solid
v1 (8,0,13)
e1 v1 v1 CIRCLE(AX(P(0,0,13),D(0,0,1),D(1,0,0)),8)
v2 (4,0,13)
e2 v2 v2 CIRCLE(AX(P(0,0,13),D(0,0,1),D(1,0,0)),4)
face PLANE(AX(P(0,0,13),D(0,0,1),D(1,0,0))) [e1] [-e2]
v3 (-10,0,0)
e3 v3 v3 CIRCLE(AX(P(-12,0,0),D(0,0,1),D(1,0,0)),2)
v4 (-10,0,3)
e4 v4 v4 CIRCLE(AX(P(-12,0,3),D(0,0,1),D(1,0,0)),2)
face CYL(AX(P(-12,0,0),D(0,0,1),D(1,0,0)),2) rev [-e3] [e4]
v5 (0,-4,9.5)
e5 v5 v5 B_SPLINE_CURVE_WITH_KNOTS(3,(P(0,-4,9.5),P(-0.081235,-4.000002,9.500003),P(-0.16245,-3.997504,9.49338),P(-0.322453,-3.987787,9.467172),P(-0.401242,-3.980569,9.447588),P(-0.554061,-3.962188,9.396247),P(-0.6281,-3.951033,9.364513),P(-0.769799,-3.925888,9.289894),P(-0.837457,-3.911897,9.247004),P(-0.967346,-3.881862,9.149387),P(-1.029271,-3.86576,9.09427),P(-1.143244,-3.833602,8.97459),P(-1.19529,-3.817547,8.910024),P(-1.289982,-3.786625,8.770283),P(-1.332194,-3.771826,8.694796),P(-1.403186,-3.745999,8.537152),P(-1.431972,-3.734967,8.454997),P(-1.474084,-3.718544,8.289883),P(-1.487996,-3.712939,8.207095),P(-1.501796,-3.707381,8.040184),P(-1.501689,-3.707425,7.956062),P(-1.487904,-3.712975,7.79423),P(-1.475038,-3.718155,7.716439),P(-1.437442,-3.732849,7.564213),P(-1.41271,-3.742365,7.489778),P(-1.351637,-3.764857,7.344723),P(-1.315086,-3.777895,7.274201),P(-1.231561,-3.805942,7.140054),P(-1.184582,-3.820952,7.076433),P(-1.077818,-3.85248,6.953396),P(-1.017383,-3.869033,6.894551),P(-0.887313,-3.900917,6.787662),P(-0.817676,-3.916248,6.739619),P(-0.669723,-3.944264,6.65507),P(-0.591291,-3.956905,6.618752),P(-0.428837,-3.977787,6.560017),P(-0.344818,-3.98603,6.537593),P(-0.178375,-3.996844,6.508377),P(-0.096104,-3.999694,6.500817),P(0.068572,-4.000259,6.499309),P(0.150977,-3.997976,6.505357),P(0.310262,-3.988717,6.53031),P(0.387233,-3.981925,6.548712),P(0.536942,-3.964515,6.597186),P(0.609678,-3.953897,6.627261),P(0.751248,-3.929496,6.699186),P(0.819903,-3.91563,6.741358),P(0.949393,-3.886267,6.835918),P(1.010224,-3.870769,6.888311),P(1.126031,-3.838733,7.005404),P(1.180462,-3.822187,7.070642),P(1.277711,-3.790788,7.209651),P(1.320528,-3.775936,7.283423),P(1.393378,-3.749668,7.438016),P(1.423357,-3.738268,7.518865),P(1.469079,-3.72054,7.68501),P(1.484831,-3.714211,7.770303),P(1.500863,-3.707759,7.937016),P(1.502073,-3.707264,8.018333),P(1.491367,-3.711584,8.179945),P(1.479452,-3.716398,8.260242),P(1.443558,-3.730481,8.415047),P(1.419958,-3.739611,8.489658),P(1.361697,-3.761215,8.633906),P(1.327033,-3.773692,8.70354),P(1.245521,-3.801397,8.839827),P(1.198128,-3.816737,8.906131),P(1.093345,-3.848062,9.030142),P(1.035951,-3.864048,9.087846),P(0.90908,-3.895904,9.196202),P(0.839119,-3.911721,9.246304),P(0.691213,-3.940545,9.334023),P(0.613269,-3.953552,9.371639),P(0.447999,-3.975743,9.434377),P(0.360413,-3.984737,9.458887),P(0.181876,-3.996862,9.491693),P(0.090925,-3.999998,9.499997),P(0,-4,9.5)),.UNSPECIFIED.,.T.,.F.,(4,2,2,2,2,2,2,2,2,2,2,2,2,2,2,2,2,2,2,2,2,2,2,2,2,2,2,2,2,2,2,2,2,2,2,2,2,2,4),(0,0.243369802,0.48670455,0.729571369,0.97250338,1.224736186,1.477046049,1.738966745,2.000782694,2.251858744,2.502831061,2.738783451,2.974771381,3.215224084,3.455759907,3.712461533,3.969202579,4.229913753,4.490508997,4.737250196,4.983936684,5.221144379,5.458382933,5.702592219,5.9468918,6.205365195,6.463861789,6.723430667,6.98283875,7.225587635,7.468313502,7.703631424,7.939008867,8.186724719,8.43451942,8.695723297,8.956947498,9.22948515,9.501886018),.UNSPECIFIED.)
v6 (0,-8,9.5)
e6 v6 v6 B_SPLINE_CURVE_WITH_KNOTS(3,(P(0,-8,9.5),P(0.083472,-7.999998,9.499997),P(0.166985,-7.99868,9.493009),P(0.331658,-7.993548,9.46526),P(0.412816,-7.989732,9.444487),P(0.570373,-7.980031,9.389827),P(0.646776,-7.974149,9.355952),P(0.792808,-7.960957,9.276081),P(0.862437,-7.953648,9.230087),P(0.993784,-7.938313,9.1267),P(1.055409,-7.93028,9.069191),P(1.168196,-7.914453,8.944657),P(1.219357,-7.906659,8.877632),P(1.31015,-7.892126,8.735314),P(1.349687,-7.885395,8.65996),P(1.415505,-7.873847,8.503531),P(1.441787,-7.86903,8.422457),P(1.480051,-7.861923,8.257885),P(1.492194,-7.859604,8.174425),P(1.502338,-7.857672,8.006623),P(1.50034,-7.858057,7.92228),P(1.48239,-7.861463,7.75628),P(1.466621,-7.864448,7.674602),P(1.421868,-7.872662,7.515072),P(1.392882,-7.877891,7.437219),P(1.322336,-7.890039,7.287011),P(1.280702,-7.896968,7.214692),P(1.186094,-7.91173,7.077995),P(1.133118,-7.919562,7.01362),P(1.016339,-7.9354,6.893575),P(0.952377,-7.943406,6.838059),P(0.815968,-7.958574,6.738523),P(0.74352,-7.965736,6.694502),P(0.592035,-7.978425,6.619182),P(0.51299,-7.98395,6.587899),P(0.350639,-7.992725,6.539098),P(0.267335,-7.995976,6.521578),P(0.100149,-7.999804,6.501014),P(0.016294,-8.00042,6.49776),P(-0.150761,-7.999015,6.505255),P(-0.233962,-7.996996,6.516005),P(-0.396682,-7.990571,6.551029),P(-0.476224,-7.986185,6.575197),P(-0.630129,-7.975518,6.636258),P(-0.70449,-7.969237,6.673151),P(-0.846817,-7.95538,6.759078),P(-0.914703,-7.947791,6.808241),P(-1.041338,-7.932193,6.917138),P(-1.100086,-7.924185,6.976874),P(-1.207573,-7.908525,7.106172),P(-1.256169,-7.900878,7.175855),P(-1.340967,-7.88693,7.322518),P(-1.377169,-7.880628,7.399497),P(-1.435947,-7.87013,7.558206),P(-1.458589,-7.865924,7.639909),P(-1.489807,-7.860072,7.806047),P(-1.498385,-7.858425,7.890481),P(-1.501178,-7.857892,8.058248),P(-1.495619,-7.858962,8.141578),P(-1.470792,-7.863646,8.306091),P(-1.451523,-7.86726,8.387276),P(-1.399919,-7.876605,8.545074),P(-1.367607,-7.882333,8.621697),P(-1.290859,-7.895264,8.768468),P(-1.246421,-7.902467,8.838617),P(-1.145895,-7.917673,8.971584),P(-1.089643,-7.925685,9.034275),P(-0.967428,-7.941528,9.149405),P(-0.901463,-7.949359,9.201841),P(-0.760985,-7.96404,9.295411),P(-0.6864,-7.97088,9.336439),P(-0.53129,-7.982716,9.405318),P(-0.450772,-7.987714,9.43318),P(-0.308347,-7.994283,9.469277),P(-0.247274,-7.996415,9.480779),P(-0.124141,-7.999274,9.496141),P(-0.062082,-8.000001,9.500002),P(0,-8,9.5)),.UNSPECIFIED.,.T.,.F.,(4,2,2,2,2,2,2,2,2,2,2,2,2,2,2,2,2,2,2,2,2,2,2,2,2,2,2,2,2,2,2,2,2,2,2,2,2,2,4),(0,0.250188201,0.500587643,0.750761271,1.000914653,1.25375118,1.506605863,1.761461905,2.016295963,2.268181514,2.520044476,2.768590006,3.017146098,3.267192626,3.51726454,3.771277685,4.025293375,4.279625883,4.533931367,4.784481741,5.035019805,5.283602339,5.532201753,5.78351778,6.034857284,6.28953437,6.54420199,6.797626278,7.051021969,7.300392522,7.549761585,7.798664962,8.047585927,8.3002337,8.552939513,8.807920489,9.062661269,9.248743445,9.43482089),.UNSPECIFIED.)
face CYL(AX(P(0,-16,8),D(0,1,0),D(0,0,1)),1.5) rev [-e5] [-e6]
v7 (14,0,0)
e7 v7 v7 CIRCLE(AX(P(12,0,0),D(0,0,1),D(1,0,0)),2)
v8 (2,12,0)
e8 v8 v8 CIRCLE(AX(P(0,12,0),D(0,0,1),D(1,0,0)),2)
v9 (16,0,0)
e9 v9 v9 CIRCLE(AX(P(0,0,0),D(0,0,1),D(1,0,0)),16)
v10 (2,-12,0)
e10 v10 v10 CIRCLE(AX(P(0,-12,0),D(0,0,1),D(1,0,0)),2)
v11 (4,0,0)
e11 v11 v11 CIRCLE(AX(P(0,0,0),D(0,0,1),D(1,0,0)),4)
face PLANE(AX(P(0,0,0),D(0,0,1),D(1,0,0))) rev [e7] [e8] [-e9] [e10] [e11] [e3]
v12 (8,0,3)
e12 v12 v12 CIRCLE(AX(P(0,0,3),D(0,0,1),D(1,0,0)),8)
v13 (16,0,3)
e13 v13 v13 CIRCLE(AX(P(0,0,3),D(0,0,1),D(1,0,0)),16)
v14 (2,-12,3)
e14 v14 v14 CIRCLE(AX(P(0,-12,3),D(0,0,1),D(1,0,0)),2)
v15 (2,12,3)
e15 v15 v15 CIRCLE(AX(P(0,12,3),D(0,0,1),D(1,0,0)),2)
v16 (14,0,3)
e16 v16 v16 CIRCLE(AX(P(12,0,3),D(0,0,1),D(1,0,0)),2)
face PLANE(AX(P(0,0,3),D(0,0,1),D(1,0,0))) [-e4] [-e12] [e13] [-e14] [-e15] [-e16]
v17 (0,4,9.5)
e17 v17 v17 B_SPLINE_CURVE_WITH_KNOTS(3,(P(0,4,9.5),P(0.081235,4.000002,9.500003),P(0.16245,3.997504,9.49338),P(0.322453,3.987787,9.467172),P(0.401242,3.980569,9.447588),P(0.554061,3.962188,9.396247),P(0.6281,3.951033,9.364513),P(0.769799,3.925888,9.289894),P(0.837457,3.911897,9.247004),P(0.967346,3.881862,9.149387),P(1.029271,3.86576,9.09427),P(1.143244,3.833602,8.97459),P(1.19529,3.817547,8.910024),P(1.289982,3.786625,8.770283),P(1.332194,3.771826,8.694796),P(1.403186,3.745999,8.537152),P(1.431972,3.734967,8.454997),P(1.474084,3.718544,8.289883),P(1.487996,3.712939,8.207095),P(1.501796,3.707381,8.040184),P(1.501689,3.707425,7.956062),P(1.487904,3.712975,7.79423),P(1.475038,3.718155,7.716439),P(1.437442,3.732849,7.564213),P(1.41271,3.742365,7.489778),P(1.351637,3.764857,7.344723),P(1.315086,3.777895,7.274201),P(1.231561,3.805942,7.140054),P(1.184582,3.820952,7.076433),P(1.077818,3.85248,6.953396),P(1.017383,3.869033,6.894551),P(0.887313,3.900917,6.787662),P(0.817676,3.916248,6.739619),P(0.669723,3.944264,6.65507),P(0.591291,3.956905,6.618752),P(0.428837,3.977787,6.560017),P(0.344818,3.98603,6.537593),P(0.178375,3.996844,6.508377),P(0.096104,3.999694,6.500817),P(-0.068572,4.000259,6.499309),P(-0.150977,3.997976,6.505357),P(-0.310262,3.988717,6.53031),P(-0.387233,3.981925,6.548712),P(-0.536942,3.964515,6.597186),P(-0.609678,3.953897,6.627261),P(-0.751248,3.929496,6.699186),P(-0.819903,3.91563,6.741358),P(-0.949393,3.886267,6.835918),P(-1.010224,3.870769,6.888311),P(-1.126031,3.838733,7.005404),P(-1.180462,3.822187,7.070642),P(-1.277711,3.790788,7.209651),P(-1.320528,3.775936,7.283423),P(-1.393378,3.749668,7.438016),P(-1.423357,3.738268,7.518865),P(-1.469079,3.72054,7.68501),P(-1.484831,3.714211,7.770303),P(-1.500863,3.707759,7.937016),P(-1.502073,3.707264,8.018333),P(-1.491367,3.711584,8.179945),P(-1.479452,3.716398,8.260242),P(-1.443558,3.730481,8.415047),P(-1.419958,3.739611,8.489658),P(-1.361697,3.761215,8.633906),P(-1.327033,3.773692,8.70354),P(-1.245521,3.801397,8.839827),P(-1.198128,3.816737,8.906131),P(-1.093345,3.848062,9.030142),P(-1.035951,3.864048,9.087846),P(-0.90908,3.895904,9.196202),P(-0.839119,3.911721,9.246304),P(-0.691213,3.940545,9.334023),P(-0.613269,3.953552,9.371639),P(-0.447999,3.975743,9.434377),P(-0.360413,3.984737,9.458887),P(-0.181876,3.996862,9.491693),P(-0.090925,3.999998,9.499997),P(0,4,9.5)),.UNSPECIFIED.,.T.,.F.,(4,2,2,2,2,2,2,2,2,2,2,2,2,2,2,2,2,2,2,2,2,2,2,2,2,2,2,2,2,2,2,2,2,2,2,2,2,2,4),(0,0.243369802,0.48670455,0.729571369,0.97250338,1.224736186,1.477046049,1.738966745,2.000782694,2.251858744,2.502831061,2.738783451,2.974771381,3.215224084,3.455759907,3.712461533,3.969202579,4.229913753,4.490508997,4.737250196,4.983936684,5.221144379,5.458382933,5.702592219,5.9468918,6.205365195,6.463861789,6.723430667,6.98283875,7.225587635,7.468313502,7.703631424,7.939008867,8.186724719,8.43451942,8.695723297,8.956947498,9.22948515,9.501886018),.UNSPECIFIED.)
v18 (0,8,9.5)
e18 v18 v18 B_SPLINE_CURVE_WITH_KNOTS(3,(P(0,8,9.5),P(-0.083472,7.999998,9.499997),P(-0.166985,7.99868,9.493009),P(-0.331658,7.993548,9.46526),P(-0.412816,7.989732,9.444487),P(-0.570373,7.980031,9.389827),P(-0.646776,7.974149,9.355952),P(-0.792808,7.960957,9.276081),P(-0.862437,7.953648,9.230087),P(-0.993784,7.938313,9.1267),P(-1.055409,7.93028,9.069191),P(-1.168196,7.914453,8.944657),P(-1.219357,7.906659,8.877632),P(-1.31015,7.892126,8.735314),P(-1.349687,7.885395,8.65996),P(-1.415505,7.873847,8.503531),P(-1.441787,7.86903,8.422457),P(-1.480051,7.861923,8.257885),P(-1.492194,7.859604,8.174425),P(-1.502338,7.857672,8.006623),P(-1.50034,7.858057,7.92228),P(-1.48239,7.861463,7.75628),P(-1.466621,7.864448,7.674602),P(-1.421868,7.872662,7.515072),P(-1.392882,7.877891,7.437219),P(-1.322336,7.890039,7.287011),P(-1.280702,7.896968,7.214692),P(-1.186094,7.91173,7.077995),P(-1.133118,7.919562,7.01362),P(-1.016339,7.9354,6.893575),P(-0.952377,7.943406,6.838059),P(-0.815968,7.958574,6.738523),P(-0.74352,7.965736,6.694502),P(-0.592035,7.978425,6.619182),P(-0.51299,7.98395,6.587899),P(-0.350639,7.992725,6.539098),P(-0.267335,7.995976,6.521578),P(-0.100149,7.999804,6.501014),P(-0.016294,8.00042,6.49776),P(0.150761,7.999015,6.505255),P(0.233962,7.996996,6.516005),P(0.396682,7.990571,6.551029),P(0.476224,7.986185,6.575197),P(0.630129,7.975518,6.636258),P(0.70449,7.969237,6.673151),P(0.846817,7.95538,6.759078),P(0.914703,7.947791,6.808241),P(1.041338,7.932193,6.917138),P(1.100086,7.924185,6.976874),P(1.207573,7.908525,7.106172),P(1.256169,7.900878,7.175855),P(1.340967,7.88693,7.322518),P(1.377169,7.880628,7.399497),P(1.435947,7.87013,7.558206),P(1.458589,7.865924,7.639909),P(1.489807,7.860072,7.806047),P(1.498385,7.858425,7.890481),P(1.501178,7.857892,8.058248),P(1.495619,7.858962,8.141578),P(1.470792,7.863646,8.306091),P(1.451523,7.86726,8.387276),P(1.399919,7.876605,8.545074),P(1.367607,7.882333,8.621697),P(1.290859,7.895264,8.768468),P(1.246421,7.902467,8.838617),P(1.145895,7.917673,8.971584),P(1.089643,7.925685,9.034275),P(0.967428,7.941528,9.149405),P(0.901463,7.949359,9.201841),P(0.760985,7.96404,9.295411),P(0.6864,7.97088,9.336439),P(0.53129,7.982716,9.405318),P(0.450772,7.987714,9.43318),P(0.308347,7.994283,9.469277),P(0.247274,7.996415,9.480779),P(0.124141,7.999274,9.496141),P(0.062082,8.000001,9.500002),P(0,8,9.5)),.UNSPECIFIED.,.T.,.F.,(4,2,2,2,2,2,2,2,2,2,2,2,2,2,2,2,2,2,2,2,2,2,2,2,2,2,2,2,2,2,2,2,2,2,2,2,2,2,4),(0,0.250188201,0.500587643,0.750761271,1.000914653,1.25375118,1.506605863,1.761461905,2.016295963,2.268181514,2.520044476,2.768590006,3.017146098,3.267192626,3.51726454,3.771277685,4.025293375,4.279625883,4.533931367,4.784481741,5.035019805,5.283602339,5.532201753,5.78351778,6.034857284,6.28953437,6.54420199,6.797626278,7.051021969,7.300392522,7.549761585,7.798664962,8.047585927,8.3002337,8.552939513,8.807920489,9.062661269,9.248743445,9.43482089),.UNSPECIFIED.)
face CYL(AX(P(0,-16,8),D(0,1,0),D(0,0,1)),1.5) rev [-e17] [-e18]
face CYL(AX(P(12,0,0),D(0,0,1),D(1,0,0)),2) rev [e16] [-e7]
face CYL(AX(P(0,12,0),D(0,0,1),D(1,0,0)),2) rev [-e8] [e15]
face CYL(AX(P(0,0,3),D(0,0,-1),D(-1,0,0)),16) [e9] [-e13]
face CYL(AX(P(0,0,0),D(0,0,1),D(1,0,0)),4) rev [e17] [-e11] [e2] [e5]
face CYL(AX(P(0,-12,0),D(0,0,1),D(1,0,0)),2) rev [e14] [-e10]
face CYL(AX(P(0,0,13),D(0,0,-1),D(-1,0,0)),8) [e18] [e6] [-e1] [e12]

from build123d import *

# Parameters (mm, degrees)
SCHIZZO1_R                    = 16
ESTRUSIONE_ESTRUSIONE2_DEPTH  = 3
SCHIZZO2_R                    = 8
ESTRUSIONE_ESTRUSIONE3_DEPTH  = 10
SCHIZZO3_R                    = 4
SCHIZZO3_R_2                  = 2
TAGLIO_ESTRUSIONE1_DEPTH      = 1
TAGLIO_ESTRUSIONE1_DEPTH_BACK = 14
SCHIZZO4_R                    = 1.5
TAGLIO_ESTRUSIONE2_DEPTH      = 17
TAGLIO_ESTRUSIONE2_DEPTH_BACK = 17


with BuildPart() as part:
    # Schizzo1 → Estrusione-Estrusione2 (new body)
    with BuildSketch(Plane.XY):
        Circle(SCHIZZO1_R)
    extrude(amount=ESTRUSIONE_ESTRUSIONE2_DEPTH)

    # Schizzo2 → Estrusione-Estrusione3 (add)
    with BuildSketch(Plane.XY.offset(3)):
        Circle(SCHIZZO2_R)
    extrude(amount=ESTRUSIONE_ESTRUSIONE3_DEPTH)

    # Schizzo3 → Taglio-Estrusione1 (cut, two sides)
    with BuildSketch(Plane.XY.offset(13)) as taglio_estrusione1_sk:
        Circle(SCHIZZO3_R)
        with Locations((12, 0)):
            Circle(SCHIZZO3_R_2)
        with Locations((0, 12)):
            Circle(SCHIZZO3_R_2)
        with Locations((-12, 0)):
            Circle(SCHIZZO3_R_2)
        with Locations((0, -12)):
            Circle(SCHIZZO3_R_2)
    extrude(amount=TAGLIO_ESTRUSIONE1_DEPTH, mode=Mode.SUBTRACT)
    extrude(taglio_estrusione1_sk.sketch, amount=-TAGLIO_ESTRUSIONE1_DEPTH_BACK, mode=Mode.SUBTRACT)

    # Schizzo4 → Taglio-Estrusione2 (cut, two sides)
    with BuildSketch(Plane(origin=(0, 0, 0), x_dir=(1, 0, 0), z_dir=(0, 1, 0))) as taglio_estrusione2_sk:
        with Locations((0, -8)):
            Circle(SCHIZZO4_R)
    extrude(amount=TAGLIO_ESTRUSIONE2_DEPTH, mode=Mode.SUBTRACT)
    extrude(taglio_estrusione2_sk.sketch, amount=-TAGLIO_ESTRUSIONE2_DEPTH_BACK, mode=Mode.SUBTRACT)


solid = part.part
